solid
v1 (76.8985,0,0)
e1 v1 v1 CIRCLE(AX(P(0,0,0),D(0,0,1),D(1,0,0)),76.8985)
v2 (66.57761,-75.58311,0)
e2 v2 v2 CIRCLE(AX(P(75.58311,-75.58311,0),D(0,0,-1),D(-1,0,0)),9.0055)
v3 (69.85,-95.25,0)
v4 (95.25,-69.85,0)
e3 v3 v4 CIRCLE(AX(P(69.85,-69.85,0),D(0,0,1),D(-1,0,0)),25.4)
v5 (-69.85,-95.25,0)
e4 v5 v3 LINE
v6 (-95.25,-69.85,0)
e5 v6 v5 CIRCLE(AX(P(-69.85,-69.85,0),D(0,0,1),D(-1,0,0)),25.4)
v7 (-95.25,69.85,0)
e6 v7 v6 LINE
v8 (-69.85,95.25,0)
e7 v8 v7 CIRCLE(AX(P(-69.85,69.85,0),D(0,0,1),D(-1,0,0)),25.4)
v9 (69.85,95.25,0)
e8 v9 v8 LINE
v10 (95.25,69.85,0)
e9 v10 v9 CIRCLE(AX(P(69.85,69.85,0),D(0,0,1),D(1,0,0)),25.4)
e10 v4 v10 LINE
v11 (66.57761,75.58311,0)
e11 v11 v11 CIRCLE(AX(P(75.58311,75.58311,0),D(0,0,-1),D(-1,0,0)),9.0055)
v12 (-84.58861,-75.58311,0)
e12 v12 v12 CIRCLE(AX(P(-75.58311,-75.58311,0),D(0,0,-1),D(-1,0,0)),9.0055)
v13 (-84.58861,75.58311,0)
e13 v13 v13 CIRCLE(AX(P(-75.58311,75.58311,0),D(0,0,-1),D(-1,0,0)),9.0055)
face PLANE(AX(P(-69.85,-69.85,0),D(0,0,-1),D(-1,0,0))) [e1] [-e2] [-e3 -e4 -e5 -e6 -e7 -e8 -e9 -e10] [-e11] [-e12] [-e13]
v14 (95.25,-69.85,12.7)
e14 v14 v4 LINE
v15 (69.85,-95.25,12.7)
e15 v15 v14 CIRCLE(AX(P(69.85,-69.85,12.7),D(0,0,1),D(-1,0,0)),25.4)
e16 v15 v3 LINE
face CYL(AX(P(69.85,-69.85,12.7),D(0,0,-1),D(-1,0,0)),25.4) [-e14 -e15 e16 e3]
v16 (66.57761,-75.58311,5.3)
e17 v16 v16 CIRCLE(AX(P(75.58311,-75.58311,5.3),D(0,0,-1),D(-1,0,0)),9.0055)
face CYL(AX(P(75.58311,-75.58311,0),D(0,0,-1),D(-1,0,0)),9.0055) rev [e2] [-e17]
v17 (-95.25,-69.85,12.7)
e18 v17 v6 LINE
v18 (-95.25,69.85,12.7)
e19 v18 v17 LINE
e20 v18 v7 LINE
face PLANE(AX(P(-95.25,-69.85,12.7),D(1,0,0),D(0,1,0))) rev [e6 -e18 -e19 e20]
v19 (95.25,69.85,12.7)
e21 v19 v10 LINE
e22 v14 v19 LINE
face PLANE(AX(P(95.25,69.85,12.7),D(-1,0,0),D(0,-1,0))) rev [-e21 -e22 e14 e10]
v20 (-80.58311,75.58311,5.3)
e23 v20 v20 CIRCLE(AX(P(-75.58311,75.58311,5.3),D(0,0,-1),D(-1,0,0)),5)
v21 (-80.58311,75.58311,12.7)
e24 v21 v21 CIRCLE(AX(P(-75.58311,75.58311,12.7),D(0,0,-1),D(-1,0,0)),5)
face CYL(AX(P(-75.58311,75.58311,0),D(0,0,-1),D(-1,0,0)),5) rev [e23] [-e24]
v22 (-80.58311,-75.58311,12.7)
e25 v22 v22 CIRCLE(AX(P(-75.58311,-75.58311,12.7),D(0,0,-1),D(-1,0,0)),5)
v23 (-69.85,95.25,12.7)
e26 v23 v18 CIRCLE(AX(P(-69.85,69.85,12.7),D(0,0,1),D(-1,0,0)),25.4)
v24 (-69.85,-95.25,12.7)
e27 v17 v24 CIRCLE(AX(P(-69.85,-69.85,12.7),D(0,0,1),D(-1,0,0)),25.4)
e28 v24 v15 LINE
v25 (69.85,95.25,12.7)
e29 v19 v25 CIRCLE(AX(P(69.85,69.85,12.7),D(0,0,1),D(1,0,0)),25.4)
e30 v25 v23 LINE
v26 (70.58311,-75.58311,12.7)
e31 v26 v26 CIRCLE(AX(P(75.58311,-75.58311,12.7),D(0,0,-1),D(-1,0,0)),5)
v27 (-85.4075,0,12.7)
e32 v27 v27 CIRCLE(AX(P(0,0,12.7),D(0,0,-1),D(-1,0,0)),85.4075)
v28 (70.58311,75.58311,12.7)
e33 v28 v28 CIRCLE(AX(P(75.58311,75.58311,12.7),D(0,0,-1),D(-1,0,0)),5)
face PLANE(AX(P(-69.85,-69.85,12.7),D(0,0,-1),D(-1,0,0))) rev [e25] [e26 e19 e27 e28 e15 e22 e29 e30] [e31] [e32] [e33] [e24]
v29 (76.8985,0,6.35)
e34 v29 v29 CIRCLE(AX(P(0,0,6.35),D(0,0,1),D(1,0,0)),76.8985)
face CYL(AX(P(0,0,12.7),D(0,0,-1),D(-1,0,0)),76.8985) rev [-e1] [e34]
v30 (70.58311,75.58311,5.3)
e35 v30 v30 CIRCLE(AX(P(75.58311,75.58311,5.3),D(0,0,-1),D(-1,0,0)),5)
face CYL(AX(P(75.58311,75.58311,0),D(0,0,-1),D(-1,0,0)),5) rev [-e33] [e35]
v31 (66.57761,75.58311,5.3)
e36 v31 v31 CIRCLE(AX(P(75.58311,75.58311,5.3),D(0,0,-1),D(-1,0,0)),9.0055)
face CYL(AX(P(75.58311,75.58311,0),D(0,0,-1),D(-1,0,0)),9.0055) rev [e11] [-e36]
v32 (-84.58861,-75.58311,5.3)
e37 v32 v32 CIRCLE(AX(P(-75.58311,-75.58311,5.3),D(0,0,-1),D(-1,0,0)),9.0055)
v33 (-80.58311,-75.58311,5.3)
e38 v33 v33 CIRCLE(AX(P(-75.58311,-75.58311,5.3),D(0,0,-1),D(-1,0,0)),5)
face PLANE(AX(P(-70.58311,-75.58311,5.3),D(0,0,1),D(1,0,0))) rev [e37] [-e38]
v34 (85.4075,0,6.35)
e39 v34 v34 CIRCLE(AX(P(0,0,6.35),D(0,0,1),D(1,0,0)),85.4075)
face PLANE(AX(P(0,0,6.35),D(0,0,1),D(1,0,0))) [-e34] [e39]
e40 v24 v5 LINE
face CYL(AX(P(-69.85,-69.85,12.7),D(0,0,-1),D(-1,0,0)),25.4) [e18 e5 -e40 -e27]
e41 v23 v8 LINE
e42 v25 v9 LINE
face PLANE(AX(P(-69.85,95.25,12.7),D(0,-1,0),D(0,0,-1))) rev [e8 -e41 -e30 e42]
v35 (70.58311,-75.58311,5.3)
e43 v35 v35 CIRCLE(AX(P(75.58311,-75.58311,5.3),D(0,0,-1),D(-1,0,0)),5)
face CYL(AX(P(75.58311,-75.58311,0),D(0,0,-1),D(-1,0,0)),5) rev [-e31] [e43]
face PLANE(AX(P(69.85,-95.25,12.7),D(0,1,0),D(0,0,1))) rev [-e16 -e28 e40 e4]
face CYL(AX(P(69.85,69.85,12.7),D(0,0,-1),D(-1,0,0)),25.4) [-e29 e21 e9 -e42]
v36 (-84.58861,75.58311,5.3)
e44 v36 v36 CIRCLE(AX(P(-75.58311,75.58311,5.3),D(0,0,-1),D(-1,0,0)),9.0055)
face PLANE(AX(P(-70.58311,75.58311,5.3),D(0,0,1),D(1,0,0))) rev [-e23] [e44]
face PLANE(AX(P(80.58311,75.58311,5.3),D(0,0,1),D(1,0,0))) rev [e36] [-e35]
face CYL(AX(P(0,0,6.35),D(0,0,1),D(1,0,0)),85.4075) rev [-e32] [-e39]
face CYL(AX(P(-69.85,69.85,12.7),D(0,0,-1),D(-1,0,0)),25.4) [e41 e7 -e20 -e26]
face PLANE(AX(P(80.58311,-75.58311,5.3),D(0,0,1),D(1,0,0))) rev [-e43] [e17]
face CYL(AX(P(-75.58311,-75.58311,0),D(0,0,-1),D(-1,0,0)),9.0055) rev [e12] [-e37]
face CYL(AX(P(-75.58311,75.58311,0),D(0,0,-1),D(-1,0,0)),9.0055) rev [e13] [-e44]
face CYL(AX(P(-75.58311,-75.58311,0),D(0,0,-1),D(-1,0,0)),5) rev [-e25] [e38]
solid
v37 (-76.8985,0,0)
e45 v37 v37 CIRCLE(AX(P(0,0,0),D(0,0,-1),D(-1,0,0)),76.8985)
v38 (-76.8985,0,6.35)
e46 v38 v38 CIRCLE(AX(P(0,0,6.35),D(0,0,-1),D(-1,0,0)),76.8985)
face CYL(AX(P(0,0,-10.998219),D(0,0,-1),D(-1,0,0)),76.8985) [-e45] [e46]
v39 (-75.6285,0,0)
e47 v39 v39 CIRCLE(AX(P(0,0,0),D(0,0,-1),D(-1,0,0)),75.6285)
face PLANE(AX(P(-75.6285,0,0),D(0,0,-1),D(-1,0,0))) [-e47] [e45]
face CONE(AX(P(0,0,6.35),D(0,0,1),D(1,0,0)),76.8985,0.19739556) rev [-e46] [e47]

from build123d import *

# Parameters (mm, degrees)
SKETCH1_R                              = 76.8985
BOSS_EXTRUDE1_DEPTH                    = 12.7
INSET_START                            = 25.4
SKETCH4_R                              = 85.4075
SKETCH4_R_2                            = 76.2
INSET_RIM_DEPTH                        = 19.05
CBORE_FOR_M8_HEX_HEAD_BOLT1_AT_2_COUNT = 2
CBORE_FOR_M8_HEX_HEAD_BOLT1_AT_2_PITCH = 213.781317332
CBORE_FOR_M8_HEX_HEAD_BOLT1_AT_3_COUNT = 2
CBORE_FOR_M8_HEX_HEAD_BOLT1_AT_3_PITCH = 151.166219176
CBORE_FOR_M8_HEX_HEAD_BOLT1_AT_4_COUNT = 2
CBORE_FOR_M8_HEX_HEAD_BOLT1_AT_4_PITCH = 151.166219176


with BuildPart() as part:
    # Sketch1 → Boss-Extrude1 (new body)
    with BuildSketch(Plane.XY):
        with BuildLine():
            Line((95.25, 69.85), (95.25, -69.85))
            ThreePointArc((95.25, -69.85), (87.810512242, -87.810512242), (69.85, -95.25))
            Line((69.85, -95.25), (-69.85, -95.25))
            ThreePointArc((-69.85, -95.25), (-87.810512242, -87.810512242), (-95.25, -69.85))
            Line((-95.25, -69.85), (-95.25, 69.85))
            ThreePointArc((-95.25, 69.85), (-87.810512242, 87.810512242), (-69.85, 95.25))
            Line((-69.85, 95.25), (69.85, 95.25))
            ThreePointArc((69.85, 95.25), (87.810512242, 87.810512242), (95.25, 69.85))
        make_face()
        Circle(SKETCH1_R, mode=Mode.SUBTRACT)
    extrude(amount=BOSS_EXTRUDE1_DEPTH)

    # Sketch4 → Inset Rim (cut)
    with BuildSketch(Plane.XY.offset(INSET_START)):
        Circle(SKETCH4_R)
        Circle(SKETCH4_R_2, mode=Mode.SUBTRACT)
    extrude(amount=-INSET_RIM_DEPTH, mode=Mode.SUBTRACT)

    # Sketch8 → CBORE for M8 Hex Head Bolt1 (revolve, cut)
    with BuildSketch(Plane(origin=(-75.583109588, -75.583109588, 0), x_dir=(0, 1, 0), z_dir=(1, 0, 0))):
        Polygon((0, 0), (0, 12.7), (5, 12.7), (5, 5.3), (9.0055, 5.3), (9.0055, 0), align=None)
    cbore_for_m8_hex_head_bolt1 = revolve(axis=Axis((-75.583109588, -75.583109588, -6.35), (0, 0, 1)), mode=Mode.SUBTRACT)

    # CBORE for M8 Hex Head Bolt1 at 2: CBORE for M8 Hex Head Bolt1 ×2
    with Locations(*[Vector(0.707106781, 0.707106781, 0) * (i * CBORE_FOR_M8_HEX_HEAD_BOLT1_AT_2_PITCH) for i in range(1, CBORE_FOR_M8_HEX_HEAD_BOLT1_AT_2_COUNT)]):
        add(cbore_for_m8_hex_head_bolt1, mode=Mode.SUBTRACT)

    # CBORE for M8 Hex Head Bolt1 at 3: CBORE for M8 Hex Head Bolt1 ×2
    with Locations(*[(0, i * CBORE_FOR_M8_HEX_HEAD_BOLT1_AT_3_PITCH, 0) for i in range(1, CBORE_FOR_M8_HEX_HEAD_BOLT1_AT_3_COUNT)]):
        add(cbore_for_m8_hex_head_bolt1, mode=Mode.SUBTRACT)

    # CBORE for M8 Hex Head Bolt1 at 4: CBORE for M8 Hex Head Bolt1 ×2
    with Locations(*[(i * CBORE_FOR_M8_HEX_HEAD_BOLT1_AT_4_PITCH, 0, 0) for i in range(1, CBORE_FOR_M8_HEX_HEAD_BOLT1_AT_4_COUNT)]):
        add(cbore_for_m8_hex_head_bolt1, mode=Mode.SUBTRACT)


with BuildPart() as body_2:
    # Sketch6 → Revolve1 (revolve)
    with BuildSketch(Plane(origin=(0, 0, 0), x_dir=(1, 0, 0), z_dir=(0, 1, 0))):
        Polygon((-76.8985, 0), (-76.8985, -6.35), (-75.6285, 0), align=None)
    revolve(axis=Axis((0, 0, -10.998218641), (0, 0, 1)))


solid = Compound([part.part, body_2.part])
